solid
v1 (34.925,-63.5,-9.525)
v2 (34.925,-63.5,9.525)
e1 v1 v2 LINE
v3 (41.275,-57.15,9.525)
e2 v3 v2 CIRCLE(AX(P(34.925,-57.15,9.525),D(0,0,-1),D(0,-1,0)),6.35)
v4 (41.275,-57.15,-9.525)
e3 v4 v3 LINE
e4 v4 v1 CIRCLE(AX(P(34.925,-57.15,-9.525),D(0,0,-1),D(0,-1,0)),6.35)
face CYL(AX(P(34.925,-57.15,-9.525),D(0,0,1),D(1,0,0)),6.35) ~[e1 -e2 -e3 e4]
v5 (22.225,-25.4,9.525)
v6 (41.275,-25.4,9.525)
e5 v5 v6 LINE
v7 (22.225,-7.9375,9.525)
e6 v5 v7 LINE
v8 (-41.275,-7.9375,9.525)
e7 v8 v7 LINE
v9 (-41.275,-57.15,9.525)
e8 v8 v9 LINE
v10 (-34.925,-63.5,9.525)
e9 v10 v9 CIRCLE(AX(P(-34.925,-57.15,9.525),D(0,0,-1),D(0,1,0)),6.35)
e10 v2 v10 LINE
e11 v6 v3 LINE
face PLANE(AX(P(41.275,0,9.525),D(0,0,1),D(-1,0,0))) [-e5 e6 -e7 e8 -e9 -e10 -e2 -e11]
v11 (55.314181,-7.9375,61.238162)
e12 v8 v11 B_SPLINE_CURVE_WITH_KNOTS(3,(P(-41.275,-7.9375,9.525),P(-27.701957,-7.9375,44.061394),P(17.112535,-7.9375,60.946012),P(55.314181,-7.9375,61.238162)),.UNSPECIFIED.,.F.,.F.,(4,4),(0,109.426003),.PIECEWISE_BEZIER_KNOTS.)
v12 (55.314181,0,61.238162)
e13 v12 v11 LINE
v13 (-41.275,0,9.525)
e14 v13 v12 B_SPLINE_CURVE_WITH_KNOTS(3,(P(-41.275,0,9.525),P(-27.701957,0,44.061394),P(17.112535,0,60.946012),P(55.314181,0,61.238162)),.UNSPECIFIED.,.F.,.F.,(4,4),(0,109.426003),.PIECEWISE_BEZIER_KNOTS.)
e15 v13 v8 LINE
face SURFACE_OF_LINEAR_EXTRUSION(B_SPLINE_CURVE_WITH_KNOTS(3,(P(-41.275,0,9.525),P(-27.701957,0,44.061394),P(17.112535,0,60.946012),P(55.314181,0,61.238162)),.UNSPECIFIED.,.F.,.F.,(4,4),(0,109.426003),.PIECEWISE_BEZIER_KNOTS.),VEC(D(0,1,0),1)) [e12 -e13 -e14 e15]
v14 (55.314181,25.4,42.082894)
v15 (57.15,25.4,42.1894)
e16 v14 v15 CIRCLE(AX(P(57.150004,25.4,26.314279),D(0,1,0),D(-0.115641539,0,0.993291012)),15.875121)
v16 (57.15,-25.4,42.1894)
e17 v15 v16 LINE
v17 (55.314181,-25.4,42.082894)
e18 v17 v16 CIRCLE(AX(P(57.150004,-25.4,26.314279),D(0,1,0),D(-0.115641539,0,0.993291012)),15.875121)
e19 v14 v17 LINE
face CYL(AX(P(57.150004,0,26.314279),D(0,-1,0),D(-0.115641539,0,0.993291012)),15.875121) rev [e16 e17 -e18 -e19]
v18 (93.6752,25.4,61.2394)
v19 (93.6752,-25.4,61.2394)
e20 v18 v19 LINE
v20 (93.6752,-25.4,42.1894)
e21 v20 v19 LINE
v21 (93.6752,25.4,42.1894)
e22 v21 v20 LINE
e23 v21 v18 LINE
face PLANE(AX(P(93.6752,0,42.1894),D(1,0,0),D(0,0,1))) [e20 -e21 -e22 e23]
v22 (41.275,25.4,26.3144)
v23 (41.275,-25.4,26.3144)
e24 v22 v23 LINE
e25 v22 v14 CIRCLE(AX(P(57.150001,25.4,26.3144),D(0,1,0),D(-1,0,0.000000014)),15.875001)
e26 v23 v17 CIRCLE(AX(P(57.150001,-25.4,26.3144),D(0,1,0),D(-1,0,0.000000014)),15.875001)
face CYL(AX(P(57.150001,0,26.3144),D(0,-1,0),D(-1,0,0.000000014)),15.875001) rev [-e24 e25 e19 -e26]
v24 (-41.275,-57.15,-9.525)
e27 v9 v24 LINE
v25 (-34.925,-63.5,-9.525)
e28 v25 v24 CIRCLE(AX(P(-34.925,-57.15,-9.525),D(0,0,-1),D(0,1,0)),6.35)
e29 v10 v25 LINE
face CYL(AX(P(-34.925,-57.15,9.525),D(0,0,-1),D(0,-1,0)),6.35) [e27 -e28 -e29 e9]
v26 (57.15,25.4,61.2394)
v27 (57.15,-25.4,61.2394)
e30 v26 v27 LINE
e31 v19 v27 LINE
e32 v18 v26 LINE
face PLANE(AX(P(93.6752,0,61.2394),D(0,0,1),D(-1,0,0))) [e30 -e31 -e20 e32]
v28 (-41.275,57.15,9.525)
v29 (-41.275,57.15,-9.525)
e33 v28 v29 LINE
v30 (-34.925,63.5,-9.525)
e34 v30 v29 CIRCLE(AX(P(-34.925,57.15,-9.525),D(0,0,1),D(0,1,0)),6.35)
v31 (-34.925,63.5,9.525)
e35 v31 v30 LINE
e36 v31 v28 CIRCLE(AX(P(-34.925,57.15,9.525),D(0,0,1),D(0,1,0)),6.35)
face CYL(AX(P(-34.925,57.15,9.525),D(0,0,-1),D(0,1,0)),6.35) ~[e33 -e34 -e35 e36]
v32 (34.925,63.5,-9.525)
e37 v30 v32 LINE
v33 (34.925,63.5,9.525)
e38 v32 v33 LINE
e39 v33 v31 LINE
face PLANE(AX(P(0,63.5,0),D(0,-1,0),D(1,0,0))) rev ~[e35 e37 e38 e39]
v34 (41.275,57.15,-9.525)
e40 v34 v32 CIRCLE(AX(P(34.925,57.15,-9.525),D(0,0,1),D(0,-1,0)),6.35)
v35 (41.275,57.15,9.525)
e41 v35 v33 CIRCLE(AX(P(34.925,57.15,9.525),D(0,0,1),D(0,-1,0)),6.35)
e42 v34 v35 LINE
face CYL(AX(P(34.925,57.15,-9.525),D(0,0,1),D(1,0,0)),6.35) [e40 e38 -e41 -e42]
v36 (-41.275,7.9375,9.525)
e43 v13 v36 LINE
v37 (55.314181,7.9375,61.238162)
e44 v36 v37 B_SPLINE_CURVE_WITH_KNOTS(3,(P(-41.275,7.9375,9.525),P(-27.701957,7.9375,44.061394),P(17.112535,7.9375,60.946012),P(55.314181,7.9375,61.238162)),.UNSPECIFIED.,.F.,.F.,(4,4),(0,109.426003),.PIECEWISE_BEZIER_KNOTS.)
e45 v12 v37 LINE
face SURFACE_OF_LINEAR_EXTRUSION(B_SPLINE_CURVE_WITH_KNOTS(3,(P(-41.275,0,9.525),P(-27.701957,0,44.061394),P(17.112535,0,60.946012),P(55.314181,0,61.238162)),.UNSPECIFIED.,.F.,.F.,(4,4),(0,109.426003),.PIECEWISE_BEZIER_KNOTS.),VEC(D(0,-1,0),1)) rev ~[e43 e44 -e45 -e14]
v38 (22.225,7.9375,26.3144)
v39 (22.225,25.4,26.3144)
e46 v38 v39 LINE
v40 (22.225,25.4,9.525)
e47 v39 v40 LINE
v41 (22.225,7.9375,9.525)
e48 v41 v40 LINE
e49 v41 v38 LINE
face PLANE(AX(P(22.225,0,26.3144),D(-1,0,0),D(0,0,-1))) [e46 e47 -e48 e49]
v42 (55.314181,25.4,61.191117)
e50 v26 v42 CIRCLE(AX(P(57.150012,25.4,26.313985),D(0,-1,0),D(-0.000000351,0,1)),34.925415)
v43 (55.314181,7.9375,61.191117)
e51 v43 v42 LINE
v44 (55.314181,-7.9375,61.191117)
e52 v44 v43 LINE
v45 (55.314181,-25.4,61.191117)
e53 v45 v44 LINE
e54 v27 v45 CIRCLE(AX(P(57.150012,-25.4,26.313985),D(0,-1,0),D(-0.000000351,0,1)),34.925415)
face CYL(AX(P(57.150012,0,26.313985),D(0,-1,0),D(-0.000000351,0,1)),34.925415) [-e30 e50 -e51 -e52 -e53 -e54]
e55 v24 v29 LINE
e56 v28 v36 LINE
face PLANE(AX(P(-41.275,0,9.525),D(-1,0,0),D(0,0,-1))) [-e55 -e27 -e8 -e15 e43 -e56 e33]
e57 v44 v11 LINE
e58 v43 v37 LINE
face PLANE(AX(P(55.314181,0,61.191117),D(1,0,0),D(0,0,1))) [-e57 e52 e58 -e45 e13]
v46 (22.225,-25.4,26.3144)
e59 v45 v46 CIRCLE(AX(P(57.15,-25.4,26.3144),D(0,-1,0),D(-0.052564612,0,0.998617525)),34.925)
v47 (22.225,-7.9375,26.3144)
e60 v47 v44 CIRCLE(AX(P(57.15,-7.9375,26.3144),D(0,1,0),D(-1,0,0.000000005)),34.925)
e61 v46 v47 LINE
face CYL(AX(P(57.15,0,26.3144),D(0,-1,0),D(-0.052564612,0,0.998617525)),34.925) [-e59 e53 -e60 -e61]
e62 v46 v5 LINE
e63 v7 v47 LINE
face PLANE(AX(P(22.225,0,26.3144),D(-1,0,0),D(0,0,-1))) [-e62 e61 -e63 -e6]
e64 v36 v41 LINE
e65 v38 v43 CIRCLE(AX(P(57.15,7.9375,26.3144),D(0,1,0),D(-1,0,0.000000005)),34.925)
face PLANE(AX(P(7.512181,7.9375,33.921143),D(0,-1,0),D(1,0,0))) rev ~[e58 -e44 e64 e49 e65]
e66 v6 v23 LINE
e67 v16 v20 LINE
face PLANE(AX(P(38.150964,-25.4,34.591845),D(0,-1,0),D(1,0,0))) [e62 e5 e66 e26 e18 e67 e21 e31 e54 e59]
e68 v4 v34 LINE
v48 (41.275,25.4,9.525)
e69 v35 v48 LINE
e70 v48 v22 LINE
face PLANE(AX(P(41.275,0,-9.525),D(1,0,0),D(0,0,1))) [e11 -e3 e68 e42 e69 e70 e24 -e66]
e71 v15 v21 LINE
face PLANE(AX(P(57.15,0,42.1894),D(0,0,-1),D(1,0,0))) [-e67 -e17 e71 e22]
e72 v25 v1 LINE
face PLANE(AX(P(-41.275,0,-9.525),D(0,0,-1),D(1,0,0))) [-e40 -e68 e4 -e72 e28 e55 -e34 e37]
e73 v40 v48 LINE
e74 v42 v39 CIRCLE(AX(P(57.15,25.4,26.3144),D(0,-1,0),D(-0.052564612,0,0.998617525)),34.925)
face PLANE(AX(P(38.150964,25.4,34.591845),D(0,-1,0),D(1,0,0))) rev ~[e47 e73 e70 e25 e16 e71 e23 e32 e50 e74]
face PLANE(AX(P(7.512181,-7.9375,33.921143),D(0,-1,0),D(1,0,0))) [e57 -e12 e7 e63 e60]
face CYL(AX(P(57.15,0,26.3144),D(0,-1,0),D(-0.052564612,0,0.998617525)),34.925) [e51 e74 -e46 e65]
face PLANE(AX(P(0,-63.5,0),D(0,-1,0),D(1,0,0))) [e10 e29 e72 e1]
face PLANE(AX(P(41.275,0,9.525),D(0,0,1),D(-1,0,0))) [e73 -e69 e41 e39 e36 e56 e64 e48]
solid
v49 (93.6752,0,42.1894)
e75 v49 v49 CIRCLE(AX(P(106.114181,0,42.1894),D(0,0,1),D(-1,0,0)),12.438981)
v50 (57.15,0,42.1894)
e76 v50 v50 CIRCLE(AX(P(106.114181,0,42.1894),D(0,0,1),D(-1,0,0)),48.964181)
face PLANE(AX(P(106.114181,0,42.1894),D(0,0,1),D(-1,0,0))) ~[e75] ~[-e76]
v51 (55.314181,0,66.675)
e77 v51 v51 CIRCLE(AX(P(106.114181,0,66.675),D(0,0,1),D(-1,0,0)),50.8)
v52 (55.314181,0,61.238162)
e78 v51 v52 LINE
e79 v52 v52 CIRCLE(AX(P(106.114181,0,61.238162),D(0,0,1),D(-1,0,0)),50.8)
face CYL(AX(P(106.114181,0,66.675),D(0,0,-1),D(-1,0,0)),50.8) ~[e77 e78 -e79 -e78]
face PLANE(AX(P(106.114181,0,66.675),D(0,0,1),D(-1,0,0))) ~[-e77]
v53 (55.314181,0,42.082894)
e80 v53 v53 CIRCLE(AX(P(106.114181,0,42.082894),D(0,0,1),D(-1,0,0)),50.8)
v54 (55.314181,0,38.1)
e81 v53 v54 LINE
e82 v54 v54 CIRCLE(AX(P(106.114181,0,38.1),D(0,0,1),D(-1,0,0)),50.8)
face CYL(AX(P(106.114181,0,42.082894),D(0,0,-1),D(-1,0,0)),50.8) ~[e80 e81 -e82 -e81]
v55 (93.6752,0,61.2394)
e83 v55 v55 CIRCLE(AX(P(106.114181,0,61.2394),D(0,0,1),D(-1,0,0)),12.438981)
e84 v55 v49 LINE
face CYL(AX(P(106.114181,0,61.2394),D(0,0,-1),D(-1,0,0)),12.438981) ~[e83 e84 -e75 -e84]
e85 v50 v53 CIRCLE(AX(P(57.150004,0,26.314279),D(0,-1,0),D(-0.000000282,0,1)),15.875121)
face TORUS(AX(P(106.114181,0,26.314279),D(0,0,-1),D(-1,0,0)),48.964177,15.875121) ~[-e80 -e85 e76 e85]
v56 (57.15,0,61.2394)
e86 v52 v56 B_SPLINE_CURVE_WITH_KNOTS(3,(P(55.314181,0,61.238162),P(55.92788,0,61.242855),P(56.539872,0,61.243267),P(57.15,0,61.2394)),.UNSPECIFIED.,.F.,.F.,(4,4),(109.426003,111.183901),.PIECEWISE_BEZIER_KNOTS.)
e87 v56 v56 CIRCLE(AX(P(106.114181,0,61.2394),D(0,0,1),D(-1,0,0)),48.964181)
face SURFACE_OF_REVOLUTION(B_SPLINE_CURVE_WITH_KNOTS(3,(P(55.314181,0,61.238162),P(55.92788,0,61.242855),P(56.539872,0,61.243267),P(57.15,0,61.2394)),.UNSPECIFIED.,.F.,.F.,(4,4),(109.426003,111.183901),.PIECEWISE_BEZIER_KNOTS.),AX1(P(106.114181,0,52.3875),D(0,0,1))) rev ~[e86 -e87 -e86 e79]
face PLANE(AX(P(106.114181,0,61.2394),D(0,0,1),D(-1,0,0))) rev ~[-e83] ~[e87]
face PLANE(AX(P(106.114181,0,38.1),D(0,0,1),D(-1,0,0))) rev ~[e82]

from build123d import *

# Parameters (mm, degrees)
F1_DEPTH = 63.5
F2_DEPTH = 25.4
F3_DEPTH = 7.9375
F5_R     = 6.35


with BuildPart() as f1:
    # F0 (on Front) → F1 (new body, symmetric)
    with BuildSketch(Plane.XZ):
        Polygon((41.275, -9.525), (41.275, 9.525), (22.225, 9.525), (-41.275, 9.525), (-41.275, -9.525), align=None)
    extrude(amount=F1_DEPTH, both=True)

    # F0 (on Front) → F2 (join, symmetric)
    with BuildSketch(Plane.XZ):
        with BuildLine():
            Line((22.225, 9.525), (41.275, 9.525))
            Line((41.275, 9.525), (41.275, 26.3144))
            ThreePointArc((41.275, 26.3144), (45.293372, 36.870725), (55.314181, 42.082894))
            Line((55.314181, 42.082894), (55.314181, 61.191117))
            ThreePointArc((55.314181, 61.191117), (31.813548, 50.352283), (22.225, 26.3144))
            Line((22.225, 26.3144), (22.225, 9.525))
        make_face()
        with BuildLine():
            Line((55.314181, 61.191117), (55.314181, 42.082894))
            ThreePointArc((55.314181, 42.082894), (56.230547, 42.162751), (57.15, 42.1894))
            Line((57.15, 42.1894), (93.6752, 42.1894))
            Line((93.6752, 42.1894), (93.6752, 61.2394))
            Line((93.6752, 61.2394), (57.15, 61.2394))
            ThreePointArc((57.15, 61.2394), (56.231773, 61.227327), (55.314181, 61.191117))
        make_face()
    extrude(amount=F2_DEPTH, both=True)

    # F0 (on Front) → F3 (join, symmetric)
    with BuildSketch(Plane.XZ):
        with BuildLine():
            Line((-41.275, 9.525), (22.225, 9.525))
            Line((22.225, 9.525), (22.225, 26.3144))
            ThreePointArc((22.225, 26.3144), (31.813548, 50.352283), (55.314181, 61.191117))
            Line((55.314181, 61.191117), (55.314181, 61.238162))
            add(Edge.make_bspline(
                [(-41.275, 9.525), (-27.701957, 44.061394), (17.112535, 60.946012), (55.314181, 61.238162)],
                knots=[0, 0, 0, 0, 109.426003, 109.426003, 109.426003, 109.426003], degree=3))
        make_face()
    extrude(amount=F3_DEPTH, both=True)

    # F5
    f5_edges = [f1.edges().sort_by_distance(p)[0] for p in [
        (41.275, -63.5, 0),
        (-41.275, -63.5, 0),
        (41.275, 63.5, 0),
        (-41.275, 63.5, 0),
    ]]
    fillet(f5_edges, radius=F5_R)


with BuildPart() as f4:
    # F0 (on Front) → F4 (revolve)
    with BuildSketch(Plane.XZ):
        with BuildLine():
            ThreePointArc((57.15, 42.1894), (56.230547, 42.162751), (55.314181, 42.082894))
            Line((55.314181, 42.082894), (55.314181, 38.1))
            Line((55.314181, 38.1), (106.114181, 38.1))
            Line((106.114181, 38.1), (106.114181, 66.675))
            Line((106.114181, 66.675), (55.314181, 66.675))
            Line((55.314181, 66.675), (55.314181, 61.238162))
            add(Edge.make_bspline(
                [(55.314181, 61.238162), (55.92788, 61.242855), (56.539872, 61.243267), (57.15, 61.2394)],
                knots=[109.426003, 109.426003, 109.426003, 109.426003, 111.183901, 111.183901, 111.183901, 111.183901], degree=3))
            Line((57.15, 61.2394), (93.6752, 61.2394))
            Line((93.6752, 61.2394), (93.6752, 42.1894))
            Line((93.6752, 42.1894), (57.15, 42.1894))
        make_face()
    revolve(axis=Axis((106.114181, 0, 52.3875), (0, 0, 1)))


solid = Compound([f1.part, f4.part])
